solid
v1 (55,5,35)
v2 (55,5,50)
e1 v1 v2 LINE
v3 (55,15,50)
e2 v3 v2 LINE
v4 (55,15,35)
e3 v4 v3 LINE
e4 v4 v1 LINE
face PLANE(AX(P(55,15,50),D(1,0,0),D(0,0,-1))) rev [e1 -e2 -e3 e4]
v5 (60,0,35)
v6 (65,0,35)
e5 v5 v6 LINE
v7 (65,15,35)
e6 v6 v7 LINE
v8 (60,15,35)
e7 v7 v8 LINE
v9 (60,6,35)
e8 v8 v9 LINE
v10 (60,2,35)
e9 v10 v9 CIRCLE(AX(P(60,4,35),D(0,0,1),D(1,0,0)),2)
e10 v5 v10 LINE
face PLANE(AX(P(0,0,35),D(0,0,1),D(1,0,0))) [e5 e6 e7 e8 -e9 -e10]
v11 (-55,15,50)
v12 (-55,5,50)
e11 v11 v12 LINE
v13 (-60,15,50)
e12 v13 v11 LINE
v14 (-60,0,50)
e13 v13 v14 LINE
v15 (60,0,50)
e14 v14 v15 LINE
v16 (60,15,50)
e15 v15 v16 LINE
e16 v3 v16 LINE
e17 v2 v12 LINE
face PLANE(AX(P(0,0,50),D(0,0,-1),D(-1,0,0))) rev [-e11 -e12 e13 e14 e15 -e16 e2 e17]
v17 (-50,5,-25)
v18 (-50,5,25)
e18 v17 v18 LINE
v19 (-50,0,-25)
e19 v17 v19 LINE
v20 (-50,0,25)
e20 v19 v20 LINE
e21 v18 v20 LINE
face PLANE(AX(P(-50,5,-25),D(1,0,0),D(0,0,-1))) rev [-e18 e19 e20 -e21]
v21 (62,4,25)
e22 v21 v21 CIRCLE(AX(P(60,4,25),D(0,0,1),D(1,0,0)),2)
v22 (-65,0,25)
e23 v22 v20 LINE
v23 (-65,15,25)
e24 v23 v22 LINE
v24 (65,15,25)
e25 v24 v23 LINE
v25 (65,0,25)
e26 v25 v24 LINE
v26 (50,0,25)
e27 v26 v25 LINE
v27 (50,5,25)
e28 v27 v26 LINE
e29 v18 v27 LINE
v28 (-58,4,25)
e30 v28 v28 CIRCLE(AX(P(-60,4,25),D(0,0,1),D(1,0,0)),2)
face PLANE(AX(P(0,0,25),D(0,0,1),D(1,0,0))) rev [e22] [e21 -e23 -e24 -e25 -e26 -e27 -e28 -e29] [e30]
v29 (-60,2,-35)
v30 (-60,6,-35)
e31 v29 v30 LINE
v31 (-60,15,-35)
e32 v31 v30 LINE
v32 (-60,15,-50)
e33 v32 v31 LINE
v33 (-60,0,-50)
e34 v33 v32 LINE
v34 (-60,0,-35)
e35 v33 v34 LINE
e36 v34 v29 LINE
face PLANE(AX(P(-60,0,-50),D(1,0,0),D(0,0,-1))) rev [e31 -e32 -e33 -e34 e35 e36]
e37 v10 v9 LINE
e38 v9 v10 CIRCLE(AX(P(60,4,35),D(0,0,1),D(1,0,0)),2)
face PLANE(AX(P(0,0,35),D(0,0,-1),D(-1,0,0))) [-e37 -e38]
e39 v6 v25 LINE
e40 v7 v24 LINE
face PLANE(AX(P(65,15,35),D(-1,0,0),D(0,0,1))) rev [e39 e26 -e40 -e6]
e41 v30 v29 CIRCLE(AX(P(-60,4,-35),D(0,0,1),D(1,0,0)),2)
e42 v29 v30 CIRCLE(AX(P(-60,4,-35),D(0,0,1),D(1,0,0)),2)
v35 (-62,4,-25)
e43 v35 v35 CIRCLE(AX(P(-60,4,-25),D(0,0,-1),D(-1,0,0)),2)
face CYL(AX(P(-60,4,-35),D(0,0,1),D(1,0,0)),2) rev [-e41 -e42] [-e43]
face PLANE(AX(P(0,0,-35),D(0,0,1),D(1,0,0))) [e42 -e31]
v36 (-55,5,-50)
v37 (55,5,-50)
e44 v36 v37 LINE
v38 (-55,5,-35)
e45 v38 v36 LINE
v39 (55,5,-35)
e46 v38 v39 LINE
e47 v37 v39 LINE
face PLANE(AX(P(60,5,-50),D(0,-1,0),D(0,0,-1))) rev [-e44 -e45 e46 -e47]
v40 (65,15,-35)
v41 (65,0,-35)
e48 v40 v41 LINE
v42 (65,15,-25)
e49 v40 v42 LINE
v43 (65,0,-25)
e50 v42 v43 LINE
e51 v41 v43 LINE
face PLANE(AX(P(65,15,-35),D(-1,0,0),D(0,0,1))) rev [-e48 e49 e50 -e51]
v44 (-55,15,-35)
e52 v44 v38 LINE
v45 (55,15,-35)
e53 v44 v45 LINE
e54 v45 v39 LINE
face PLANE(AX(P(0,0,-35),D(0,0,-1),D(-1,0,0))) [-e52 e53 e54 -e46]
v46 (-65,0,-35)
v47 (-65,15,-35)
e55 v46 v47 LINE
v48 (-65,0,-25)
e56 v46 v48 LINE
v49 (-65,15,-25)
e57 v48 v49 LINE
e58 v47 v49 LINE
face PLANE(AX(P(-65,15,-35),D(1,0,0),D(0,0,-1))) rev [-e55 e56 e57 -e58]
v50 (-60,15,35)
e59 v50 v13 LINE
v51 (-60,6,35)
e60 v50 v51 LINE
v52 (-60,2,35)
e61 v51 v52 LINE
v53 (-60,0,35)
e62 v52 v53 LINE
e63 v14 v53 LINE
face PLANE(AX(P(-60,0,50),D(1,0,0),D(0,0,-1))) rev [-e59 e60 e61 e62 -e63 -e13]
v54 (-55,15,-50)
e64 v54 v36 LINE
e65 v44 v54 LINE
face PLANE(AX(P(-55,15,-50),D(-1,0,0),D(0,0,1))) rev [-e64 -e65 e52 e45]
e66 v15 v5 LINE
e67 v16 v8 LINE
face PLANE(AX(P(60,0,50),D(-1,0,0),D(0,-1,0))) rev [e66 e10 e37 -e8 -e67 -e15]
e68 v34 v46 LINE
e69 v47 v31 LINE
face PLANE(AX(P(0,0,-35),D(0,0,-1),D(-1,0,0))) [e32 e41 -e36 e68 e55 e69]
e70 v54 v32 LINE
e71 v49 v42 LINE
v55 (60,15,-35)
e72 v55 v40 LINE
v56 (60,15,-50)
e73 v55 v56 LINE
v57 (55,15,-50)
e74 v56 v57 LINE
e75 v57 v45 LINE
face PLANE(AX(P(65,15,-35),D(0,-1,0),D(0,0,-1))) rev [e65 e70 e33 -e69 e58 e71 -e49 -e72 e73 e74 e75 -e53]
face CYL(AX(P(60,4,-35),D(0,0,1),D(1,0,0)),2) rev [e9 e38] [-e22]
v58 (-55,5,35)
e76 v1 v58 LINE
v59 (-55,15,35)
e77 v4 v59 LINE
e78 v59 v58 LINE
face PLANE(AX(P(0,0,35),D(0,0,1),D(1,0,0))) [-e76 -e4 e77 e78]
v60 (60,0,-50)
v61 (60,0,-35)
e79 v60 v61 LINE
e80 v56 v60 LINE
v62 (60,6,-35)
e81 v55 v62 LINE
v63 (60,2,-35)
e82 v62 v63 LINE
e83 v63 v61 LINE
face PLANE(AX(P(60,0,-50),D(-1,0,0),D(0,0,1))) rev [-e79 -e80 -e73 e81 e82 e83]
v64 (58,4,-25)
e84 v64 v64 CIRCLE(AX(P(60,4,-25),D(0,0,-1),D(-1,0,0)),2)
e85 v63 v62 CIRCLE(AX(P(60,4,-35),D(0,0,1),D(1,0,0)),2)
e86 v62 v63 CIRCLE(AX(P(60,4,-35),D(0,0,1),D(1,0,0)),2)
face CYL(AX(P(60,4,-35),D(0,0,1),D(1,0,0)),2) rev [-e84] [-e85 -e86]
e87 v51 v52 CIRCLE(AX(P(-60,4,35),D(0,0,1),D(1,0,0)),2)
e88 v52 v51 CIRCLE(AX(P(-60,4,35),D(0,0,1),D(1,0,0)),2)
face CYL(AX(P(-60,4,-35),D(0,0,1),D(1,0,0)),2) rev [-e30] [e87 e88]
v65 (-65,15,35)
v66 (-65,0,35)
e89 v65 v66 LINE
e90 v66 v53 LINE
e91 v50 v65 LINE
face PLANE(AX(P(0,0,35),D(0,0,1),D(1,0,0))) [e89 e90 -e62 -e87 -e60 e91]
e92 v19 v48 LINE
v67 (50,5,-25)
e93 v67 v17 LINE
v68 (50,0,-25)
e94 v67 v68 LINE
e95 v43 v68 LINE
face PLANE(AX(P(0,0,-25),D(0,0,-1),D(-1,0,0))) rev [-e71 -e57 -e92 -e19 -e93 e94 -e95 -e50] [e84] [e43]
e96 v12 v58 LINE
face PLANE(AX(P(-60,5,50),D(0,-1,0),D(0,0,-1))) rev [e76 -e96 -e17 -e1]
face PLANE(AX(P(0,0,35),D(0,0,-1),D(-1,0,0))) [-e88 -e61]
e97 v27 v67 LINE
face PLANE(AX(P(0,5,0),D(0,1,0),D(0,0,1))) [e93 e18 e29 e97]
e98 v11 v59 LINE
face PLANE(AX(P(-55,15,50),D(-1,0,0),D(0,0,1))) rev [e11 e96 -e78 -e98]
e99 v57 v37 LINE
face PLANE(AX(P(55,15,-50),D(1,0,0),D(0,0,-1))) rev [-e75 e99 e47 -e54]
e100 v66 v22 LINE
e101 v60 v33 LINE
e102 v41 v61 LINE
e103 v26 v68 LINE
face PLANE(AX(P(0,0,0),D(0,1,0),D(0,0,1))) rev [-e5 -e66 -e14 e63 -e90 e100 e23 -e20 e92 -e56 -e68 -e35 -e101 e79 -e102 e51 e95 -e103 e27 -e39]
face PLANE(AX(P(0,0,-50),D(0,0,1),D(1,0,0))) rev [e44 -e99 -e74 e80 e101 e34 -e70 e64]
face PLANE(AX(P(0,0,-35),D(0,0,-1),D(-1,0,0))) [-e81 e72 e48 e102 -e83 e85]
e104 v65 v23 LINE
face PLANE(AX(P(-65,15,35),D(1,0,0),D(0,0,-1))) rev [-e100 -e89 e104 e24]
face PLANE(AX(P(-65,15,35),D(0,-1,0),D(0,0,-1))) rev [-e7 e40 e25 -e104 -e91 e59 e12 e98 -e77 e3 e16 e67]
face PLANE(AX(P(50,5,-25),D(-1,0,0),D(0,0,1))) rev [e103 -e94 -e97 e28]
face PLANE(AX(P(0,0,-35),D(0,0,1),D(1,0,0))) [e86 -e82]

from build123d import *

# Parameters (mm, degrees)
SKETCH1_W           = 100
SKETCH1_H           = 50
BOSS_EXTRUDE1_DEPTH = 5
SKETCH2_W           = 130
SKETCH2_H           = 15
BOSS_EXTRUDE2_DEPTH = 10
SKETCH3_W           = 130
SKETCH3_H           = 15
BOSS_EXTRUDE3_DEPTH = 10
SKETCH4_R           = 2
CUT_EXTRUDE1_DEPTH  = 97.695398029
SKETCH5_R           = 2
CUT_EXTRUDE2_DEPTH  = 97.695398029
SKETCH7_W           = 120
SKETCH7_H           = 5
BOSS_EXTRUDE4_DEPTH = 15
SKETCH8_W           = 5
SKETCH8_H           = 15
BOSS_EXTRUDE5_DEPTH = 10
SKETCH11_W          = 120
SKETCH11_H          = 5
BOSS_EXTRUDE6_DEPTH = 15
SKETCH12_W          = 5
SKETCH12_H          = 15
BOSS_EXTRUDE7_DEPTH = 10


with BuildPart() as part:
    # Sketch1 → Boss-Extrude1 (new body)
    with BuildSketch(Plane(origin=(0, 0, 0), x_dir=(1, 0, 0), z_dir=(0, 1, 0))):
        Rectangle(SKETCH1_W, SKETCH1_H)
    extrude(amount=BOSS_EXTRUDE1_DEPTH)

    # Sketch2 → Boss-Extrude2 (add)
    with BuildSketch(Plane.XY.offset(25)):
        with Locations((0, 7.5)):
            Rectangle(SKETCH2_W, SKETCH2_H)
    extrude(amount=BOSS_EXTRUDE2_DEPTH)

    # Sketch3 → Boss-Extrude3 (add)
    with BuildSketch(Plane(origin=(0, 0, -25), x_dir=(-1, 0, 0), z_dir=(0, 0, -1))):
        with Locations((0, 7.5)):
            Rectangle(SKETCH3_W, SKETCH3_H)
    extrude(amount=BOSS_EXTRUDE3_DEPTH)

    # Sketch4 → Cut-Extrude1 (cut, through all)
    with BuildSketch(Plane.XY.offset(35)):
        with Locations((-60, 4)):
            Circle(SKETCH4_R)
    extrude(amount=-CUT_EXTRUDE1_DEPTH, mode=Mode.SUBTRACT)

    # Sketch5 → Cut-Extrude2 (cut, through all)
    with BuildSketch(Plane.XY.offset(35)):
        with Locations((60, 4)):
            Circle(SKETCH5_R)
    extrude(amount=-CUT_EXTRUDE2_DEPTH, mode=Mode.SUBTRACT)

    # Sketch7 → Boss-Extrude4 (add)
    with BuildSketch(Plane.XY.offset(35)):
        with Locations((0, 2.5)):
            Rectangle(SKETCH7_W, SKETCH7_H)
    extrude(amount=BOSS_EXTRUDE4_DEPTH)

    # Sketch8 → Boss-Extrude5 (add)
    with BuildSketch(Plane(origin=(0, 5, 0), x_dir=(1, 0, 0), z_dir=(0, 1, 0))):
        with Locations((-57.5, -42.5)):
            Rectangle(SKETCH8_W, SKETCH8_H)
        with Locations((57.5, -42.5)):
            Rectangle(SKETCH8_W, SKETCH8_H)
    extrude(amount=BOSS_EXTRUDE5_DEPTH)

    # Sketch11 → Boss-Extrude6 (add)
    with BuildSketch(Plane(origin=(0, 0, -35), x_dir=(-1, 0, 0), z_dir=(0, 0, -1))):
        with Locations((0, 2.5)):
            Rectangle(SKETCH11_W, SKETCH11_H)
    extrude(amount=BOSS_EXTRUDE6_DEPTH)

    # Sketch12 → Boss-Extrude7 (add)
    with BuildSketch(Plane(origin=(0, 5, 0), x_dir=(1, 0, 0), z_dir=(0, 1, 0))):
        with Locations((-57.5, 42.5)):
            Rectangle(SKETCH12_W, SKETCH12_H)
        with Locations((57.5, 42.5)):
            Rectangle(SKETCH12_W, SKETCH12_H)
    extrude(amount=BOSS_EXTRUDE7_DEPTH)


solid = part.part
